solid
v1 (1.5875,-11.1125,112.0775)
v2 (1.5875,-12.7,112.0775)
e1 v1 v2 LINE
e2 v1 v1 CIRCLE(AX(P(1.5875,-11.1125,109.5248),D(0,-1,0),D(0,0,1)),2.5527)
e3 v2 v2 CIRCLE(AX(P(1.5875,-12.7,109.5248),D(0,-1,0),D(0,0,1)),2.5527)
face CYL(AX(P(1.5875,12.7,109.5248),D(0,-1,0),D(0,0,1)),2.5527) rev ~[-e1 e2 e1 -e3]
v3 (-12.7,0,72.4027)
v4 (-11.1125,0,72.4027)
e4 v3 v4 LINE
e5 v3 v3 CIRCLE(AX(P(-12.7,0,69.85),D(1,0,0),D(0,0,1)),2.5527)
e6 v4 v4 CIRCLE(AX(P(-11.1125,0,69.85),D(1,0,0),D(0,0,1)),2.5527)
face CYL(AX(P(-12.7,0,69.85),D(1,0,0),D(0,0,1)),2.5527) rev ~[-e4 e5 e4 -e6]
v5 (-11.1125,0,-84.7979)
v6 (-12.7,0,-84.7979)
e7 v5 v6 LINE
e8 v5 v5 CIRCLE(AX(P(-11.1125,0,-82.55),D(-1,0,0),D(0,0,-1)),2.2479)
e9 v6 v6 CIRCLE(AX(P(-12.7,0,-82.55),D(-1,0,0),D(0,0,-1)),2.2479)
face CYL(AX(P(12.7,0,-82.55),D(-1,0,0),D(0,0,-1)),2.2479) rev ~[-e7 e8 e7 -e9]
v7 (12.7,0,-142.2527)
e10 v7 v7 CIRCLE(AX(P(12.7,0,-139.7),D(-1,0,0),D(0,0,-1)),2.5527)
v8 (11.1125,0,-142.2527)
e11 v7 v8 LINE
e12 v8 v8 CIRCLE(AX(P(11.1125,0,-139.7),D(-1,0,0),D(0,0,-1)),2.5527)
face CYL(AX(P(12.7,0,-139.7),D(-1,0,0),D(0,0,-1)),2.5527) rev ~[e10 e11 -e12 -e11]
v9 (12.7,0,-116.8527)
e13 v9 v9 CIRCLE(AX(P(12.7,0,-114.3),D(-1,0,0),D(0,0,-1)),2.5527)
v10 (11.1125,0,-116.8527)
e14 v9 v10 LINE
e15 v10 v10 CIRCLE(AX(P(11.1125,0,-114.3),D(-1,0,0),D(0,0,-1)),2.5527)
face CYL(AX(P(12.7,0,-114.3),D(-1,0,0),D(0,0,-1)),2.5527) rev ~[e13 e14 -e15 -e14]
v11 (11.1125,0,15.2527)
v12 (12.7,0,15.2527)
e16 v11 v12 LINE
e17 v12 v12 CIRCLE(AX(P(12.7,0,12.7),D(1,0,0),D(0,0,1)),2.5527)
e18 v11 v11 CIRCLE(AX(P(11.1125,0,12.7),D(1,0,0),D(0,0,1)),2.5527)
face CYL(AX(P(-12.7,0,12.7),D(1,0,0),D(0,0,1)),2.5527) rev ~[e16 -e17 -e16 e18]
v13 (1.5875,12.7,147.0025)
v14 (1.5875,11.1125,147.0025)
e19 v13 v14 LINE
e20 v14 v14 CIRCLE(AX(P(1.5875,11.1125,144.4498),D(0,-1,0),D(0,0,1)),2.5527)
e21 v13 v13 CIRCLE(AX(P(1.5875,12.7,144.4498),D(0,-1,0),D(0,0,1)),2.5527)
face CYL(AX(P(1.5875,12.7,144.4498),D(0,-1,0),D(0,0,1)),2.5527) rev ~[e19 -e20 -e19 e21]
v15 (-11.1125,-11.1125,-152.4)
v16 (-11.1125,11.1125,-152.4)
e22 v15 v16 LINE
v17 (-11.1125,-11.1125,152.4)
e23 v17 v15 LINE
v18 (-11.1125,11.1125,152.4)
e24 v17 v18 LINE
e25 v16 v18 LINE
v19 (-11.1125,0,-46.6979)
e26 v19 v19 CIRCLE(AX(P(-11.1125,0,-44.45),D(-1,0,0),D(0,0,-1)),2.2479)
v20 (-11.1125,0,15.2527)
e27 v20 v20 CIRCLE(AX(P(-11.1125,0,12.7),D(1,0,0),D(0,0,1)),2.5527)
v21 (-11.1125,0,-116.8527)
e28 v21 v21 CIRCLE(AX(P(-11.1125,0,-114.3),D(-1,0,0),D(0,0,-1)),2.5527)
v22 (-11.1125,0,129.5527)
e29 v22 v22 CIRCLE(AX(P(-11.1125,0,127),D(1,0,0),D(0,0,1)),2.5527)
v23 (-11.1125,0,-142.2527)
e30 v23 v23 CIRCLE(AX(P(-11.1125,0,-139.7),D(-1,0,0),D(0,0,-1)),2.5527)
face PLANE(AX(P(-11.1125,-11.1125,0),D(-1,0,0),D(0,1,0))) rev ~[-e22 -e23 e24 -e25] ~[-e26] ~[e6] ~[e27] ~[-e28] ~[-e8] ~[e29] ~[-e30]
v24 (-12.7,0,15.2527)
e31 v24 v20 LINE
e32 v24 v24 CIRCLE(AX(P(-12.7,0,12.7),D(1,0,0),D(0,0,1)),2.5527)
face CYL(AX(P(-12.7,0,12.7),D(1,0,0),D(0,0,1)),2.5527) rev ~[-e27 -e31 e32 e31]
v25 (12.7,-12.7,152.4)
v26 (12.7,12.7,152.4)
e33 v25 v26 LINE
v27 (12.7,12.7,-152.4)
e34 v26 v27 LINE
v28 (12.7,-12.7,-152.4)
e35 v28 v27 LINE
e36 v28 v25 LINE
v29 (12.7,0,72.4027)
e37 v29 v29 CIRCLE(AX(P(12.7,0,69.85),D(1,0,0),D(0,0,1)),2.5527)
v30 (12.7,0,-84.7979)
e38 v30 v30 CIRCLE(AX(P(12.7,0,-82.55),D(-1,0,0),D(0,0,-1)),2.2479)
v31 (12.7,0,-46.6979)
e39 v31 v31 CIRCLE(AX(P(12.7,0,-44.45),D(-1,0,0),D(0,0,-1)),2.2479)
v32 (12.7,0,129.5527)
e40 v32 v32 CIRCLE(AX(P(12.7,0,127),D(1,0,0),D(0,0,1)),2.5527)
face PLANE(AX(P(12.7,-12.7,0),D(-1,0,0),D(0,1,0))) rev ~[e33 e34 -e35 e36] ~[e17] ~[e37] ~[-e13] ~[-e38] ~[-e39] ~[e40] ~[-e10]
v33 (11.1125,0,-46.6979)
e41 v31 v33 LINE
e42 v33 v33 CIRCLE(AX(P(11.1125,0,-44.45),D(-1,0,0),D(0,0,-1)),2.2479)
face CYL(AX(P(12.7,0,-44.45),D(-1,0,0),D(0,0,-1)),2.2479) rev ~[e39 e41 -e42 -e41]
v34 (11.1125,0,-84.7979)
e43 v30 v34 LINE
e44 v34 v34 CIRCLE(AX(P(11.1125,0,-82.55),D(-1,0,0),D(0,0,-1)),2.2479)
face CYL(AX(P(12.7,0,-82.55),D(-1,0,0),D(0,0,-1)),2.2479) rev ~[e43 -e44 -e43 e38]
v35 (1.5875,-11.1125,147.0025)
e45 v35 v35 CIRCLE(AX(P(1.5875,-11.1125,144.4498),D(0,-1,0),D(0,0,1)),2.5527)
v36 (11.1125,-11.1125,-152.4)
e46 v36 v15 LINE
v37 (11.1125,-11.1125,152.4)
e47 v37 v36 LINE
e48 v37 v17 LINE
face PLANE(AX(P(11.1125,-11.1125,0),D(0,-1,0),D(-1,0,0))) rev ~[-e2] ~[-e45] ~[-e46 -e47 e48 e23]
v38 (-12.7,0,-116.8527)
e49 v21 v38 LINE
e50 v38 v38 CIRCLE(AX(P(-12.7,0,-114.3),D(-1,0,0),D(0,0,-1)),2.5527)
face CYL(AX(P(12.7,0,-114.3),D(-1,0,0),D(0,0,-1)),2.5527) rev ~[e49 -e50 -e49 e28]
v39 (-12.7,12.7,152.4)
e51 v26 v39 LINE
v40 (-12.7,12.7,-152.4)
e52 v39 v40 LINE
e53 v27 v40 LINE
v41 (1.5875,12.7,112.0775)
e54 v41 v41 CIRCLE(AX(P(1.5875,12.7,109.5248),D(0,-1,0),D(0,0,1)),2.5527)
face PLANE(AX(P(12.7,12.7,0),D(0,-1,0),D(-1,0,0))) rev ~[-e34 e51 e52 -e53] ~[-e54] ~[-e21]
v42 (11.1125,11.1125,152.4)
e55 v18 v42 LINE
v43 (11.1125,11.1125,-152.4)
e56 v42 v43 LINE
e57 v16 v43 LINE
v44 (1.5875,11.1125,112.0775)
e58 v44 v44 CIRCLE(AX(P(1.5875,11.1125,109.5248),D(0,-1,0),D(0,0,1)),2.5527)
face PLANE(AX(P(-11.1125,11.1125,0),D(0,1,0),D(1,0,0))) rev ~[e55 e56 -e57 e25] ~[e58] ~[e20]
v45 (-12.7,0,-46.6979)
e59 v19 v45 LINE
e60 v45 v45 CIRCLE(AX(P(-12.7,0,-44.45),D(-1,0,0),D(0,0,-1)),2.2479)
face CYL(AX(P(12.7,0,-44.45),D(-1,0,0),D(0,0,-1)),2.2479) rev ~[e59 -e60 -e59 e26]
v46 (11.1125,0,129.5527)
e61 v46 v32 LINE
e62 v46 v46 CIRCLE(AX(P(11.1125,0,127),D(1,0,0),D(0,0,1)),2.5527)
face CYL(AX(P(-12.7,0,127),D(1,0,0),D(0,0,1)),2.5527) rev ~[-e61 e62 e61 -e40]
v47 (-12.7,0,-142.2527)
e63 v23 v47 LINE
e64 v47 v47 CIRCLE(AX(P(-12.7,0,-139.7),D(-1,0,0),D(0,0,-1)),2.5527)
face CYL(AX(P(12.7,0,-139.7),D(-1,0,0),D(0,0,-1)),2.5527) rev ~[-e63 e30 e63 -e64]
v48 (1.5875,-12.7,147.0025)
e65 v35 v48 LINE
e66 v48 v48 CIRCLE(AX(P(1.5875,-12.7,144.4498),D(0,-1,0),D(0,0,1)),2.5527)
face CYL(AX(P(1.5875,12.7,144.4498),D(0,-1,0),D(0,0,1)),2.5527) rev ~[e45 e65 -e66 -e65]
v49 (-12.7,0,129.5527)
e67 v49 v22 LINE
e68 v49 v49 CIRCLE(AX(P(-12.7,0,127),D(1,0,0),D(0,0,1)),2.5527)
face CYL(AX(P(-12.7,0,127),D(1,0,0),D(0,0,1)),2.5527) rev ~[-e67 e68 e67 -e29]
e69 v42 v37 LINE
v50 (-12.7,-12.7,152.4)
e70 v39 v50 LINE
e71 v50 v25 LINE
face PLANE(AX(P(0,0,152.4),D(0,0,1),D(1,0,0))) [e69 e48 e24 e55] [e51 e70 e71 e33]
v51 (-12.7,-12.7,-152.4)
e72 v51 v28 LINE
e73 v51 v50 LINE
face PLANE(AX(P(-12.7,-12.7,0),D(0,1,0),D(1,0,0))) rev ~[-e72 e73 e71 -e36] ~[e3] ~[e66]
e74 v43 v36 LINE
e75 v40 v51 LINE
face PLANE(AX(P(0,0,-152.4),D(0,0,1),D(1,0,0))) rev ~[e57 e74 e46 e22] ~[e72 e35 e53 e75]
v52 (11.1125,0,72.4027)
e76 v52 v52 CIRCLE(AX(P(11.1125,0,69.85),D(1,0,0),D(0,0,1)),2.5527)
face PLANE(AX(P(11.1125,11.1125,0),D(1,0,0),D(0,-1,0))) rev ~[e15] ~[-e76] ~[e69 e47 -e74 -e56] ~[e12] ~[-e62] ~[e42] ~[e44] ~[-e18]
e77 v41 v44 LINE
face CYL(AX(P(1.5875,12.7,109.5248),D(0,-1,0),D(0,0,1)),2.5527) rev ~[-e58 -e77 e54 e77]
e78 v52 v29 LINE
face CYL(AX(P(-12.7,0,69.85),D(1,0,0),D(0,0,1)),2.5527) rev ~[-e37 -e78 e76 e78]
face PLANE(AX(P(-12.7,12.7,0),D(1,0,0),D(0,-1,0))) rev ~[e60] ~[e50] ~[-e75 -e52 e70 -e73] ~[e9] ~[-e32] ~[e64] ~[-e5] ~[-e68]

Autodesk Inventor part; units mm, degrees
ref_plane "YZ Plane" through (0, 0, 0) normal (1, 0, 0) x (0, 1, 0)
ref_plane "XZ Plane" through (0, 0, 0) normal (0, 1, 0) x (-1, 0, 0)
ref_plane "XY Plane" through (0, 0, 0) normal (0, 0, 1) x (1, 0, 0)
sketch "Sketch1" plane through (0, 0, 0) normal (0, 0, 1) x (1, 0, 0)
  line L0 (-12.7, -12.7) -> (12.7, -12.7)
  line L1 (12.7, -12.7) -> (12.7, 12.7)
  line L2 (12.7, 12.7) -> (-12.7, 12.7)
  line L3 (-12.7, 12.7) -> (-12.7, -12.7)
  line L4 (-12.7, -12.7) -> (12.7, 12.7) construction
  line L5 (12.7, -12.7) -> (-12.7, 12.7) construction
  line L6 (-11.1125, 11.1125) -> (11.1125, 11.1125)
  line L7 (11.1125, 11.1125) -> (11.1125, -11.1125)
  line L8 (11.1125, -11.1125) -> (-11.1125, -11.1125)
  line L9 (-11.1125, -11.1125) -> (-11.1125, 11.1125)
  point P0 (0, 0)
  dimension "width" = 25.4
  dimension "height" = 25.4
  dimension "thickness" = 1.5875
extrude "Extrusion1" add sketch "Sketch1" along normal mid plane 304.8
sketch "Sketch2" plane through (12.7, -12.7, 152.4) normal (1, 0, 0) x (0, 0, -1)
  line L0 (304.8, 25.4) -> (304.8, 0) construction
  line L1 (304.8, 0) -> (0, 0) construction
  line L2 (0, 0) -> (0, 25.4) construction
  line L3 (0, 25.4) -> (304.8, 25.4) construction
  point P0 (152.4, 12.7)
  point P1 (292.1, 12.7)
  point P2 (304.8, 12.7)
  point P3 (266.7, 12.7)
  dimension "d5" = 12.7
  dimension "d6" = 25.4
hole "Hole1" at (12.7, 0, -139.7) at (12.7, 0, -114.3) direction (-1, 0, 0) diameter 5.1054 end through all clearance for "Flat Head Machine Screw (82)" size "#10" standard "Ansi Unified Screw Threads"
sketch "Sketch3" plane through (-12.7, 12.7, 152.4) normal (0, 1, 0) x (1, 0, 0)
  line L0 (25.4, 0) -> (0, 0) construction
  point P0 (12.7, 152.4)
  point P1 (14.2875, 7.9502)
  point P2 (14.2875, 42.8752)
  point P3 (12.7, 0)
  point P4 (12.7, 0)
  dimension "d14" = 34.925
  dimension "d32" = 7.9502
  dimension "d33" = 1.5875
hole "Hole2" at (1.5875, 12.7, 144.4498) at (1.5875, 12.7, 109.5248) direction (0, -1, 0) diameter 5.1054 end through all clearance for "Flat Head Machine Screw (82)" size "#10" standard "Ansi Unified Screw Threads"
sketch "Sketch4" plane through (-12.7, -12.7, 152.4) normal (-1, 0, 0) x (0, 0, 1)
  line L0 (-139.7, 12.7) -> (-25.4, 12.7) construction
  line L1 (0, 25.4) -> (0, 0) construction
  point P0 (-152.4, 12.7)
  point P1 (-82.55, 12.7)
  point P2 (-82.55, 12.7)
  dimension "d23" = 25.4
  dimension "d24" = 114.3
hole "Hole3" at (-12.7, 0, 127) at (-12.7, 0, 69.85) at (-12.7, 0, 12.7) direction (1, 0, 0) diameter 5.1054 end through all clearance for "Flat Head Machine Screw (82)" size "#10" standard "Ansi Unified Screw Threads"
sketch "Sketch5" plane through (12.7, -12.7, 152.4) normal (1, 0, 0) x (0, 0, -1)
  line L0 (304.8, 25.4) -> (0, 25.4) construction
  line L1 (304.8, 25.4) -> (304.8, 0) construction
  point P0 (152.4, 12.7)
  point P1 (196.85, 12.7)
  point P2 (234.95, 12.7)
  dimension "d34" = 38.1
  dimension "d35" = 12.7
  dimension "d36" = 69.85
hole "Hole4" at (12.7, 0, -44.45) at (12.7, 0, -82.55) direction (-1, 0, 0) diameter 4.4958 end through all clearance for "Flat Head Machine Screw (82)" size "#8" standard "Ansi Unified Screw Threads"
properties part number "CL4-002" material "Aluminum 6061"
